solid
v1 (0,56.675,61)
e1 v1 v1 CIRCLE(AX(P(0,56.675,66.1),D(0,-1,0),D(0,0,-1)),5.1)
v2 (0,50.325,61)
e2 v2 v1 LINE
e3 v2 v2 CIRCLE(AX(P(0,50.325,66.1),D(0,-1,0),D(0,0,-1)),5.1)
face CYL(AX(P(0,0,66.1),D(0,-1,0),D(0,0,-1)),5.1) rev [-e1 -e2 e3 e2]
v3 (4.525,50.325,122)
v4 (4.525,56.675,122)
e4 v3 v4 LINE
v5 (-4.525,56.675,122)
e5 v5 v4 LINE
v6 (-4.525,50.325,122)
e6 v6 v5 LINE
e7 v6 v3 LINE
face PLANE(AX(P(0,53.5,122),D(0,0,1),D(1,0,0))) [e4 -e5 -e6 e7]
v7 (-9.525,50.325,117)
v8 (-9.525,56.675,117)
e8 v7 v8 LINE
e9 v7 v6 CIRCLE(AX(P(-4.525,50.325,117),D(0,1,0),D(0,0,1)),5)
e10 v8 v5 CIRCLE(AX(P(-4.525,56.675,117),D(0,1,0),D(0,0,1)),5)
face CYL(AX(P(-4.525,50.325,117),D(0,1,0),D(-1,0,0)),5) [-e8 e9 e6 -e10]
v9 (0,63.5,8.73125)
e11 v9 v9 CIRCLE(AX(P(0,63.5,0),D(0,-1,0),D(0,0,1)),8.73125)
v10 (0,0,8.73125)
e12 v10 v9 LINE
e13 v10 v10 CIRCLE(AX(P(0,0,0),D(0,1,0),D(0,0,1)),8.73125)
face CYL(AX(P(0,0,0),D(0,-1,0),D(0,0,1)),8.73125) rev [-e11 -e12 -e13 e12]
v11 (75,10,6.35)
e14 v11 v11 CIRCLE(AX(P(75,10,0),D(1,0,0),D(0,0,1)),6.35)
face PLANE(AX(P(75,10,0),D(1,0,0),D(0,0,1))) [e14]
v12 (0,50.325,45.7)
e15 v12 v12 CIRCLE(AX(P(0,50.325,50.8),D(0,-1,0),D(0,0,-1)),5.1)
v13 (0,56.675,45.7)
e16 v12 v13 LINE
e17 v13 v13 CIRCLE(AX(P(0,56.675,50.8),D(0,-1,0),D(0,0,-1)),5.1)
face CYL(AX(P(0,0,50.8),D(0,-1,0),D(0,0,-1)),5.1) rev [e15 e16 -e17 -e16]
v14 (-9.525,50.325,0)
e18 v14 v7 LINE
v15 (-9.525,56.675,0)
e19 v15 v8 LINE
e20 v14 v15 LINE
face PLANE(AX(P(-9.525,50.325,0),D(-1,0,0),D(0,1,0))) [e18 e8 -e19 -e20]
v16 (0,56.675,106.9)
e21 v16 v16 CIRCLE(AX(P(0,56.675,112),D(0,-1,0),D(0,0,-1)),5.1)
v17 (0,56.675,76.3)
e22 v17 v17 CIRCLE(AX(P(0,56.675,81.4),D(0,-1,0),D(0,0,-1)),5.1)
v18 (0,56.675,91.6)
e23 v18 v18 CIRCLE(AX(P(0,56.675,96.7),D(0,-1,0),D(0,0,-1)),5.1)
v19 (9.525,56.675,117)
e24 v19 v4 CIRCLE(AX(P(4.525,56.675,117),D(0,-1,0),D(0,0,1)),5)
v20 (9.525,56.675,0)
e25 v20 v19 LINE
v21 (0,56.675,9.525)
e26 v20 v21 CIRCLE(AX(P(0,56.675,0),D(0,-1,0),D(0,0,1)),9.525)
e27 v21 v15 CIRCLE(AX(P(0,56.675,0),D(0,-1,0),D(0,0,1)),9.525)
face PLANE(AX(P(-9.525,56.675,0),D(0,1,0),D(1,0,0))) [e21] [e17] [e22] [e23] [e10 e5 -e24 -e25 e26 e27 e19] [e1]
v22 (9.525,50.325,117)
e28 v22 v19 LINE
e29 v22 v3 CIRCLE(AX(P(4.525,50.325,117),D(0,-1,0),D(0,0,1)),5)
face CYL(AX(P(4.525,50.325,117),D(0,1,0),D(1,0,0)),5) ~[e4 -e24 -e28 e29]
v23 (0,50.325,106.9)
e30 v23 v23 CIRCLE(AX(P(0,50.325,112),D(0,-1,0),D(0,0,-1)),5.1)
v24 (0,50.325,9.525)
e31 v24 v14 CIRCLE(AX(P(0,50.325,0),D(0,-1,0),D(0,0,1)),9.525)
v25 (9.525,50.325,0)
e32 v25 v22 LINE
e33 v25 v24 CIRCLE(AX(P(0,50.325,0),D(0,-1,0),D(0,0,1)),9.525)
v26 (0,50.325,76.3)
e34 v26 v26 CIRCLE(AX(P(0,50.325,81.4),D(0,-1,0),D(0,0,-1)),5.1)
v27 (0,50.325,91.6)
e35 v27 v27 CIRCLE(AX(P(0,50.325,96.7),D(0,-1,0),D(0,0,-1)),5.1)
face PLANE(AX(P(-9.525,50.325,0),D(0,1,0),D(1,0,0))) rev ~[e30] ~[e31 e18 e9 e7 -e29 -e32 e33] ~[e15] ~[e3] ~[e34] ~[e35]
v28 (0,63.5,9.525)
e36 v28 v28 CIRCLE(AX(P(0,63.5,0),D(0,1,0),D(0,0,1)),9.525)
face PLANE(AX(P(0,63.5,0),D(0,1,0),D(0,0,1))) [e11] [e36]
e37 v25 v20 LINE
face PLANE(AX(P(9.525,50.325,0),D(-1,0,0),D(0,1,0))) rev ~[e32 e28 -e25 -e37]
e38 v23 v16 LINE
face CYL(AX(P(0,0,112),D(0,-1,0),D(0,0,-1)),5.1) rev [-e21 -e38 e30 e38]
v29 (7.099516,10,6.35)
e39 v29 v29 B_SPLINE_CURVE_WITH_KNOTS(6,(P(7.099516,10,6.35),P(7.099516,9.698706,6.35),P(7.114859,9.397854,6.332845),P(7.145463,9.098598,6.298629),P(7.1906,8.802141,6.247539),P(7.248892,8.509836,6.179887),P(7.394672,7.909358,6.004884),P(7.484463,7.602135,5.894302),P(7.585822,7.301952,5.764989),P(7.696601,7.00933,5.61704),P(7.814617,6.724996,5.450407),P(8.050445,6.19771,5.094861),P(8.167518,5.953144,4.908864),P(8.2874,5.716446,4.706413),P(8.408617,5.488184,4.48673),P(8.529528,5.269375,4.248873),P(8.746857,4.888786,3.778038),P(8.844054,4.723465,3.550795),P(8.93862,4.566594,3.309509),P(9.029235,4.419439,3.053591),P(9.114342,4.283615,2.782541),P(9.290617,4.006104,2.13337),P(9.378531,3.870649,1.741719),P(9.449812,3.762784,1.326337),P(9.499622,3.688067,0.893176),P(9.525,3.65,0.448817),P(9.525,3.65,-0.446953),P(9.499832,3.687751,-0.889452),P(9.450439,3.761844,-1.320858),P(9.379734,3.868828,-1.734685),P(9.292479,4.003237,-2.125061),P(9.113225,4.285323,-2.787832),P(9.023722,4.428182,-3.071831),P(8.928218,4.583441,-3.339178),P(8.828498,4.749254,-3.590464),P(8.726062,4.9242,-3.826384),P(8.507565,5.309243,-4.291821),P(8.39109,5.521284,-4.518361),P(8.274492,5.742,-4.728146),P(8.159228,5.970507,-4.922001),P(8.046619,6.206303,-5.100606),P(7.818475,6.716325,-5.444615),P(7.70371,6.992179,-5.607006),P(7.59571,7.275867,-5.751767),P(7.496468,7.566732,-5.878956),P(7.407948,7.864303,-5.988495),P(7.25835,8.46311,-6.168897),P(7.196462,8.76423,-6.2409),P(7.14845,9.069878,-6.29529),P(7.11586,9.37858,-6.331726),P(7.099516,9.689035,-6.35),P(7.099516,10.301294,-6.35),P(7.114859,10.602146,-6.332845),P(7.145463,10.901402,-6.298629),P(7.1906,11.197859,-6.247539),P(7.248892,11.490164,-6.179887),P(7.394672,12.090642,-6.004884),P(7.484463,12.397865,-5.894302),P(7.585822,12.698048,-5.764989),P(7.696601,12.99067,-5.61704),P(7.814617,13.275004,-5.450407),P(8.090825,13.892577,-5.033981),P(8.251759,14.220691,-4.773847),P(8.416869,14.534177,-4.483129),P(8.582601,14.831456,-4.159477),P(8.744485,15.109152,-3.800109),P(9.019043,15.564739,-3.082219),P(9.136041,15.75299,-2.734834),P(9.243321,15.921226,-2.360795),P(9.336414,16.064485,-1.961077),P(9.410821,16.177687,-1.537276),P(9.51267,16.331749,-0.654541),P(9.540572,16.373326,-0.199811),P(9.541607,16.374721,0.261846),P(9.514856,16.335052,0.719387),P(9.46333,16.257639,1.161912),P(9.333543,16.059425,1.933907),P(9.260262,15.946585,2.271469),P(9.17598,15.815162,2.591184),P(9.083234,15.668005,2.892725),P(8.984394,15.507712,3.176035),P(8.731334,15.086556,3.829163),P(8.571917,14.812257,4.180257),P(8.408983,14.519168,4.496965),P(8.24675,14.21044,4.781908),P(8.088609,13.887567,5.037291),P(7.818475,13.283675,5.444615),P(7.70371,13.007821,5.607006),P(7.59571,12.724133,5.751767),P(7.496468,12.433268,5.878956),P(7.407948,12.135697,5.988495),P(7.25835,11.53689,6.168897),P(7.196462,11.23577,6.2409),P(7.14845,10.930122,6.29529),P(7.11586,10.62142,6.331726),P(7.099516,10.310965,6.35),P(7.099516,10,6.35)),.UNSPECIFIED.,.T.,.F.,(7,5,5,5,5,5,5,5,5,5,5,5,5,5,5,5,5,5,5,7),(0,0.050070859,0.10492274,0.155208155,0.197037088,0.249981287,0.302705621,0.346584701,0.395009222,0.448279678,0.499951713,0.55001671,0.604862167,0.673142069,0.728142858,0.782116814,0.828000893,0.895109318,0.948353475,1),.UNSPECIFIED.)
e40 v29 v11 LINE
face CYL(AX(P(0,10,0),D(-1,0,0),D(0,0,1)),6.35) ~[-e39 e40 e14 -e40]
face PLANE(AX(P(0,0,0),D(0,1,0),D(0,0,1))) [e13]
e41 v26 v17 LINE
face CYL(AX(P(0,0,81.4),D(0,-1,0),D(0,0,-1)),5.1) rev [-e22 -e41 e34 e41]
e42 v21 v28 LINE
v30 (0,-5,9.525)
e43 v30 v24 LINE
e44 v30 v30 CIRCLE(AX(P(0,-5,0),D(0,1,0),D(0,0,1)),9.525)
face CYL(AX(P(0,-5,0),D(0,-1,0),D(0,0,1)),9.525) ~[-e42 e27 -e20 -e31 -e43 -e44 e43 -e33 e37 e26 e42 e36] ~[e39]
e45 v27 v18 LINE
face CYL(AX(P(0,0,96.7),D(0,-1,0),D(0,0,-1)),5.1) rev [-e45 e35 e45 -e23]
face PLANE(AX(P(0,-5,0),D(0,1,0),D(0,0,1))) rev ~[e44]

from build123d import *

# Parameters (mm, degrees)
SLEEVE_DEPTH       = 63.5
SLEEVE_DEPTH_BACK  = 5
SKETCH1_R          = 9.525
SKETCH2_W          = 19.05
SKETCH2_H          = 6.35
BRACKET_DEPTH      = 122
SKETCH4_R          = 5.1
BRACKET_HOLE_DEPTH = 138.86578845
SKETCH5_R          = 6.35
SHAFT_DEPTH        = 75
SKETCH6_R          = 8.73125
SLEEVE_HOLE_DEPTH  = 157.656471388
FILLET1_R          = 5


with BuildPart() as part:
    # Sketch1 → Sleeve (new, two sides: drawn at the far end of the back side and taken through both)
    with BuildSketch(Plane(origin=(0, 0, 0), x_dir=(1, 0, 0), z_dir=(0, 1, 0)).offset(-SLEEVE_DEPTH_BACK)):
        with Locations(Location((0, 0, 0), (0, 0, 270))):
            Circle(SKETCH1_R)
    extrude(amount=SLEEVE_DEPTH + SLEEVE_DEPTH_BACK)

    # Sketch2 → Bracket (add)
    with BuildSketch(Plane.XY):
        with Locations((0, 53.5)):
            Rectangle(SKETCH2_W, SKETCH2_H)
    extrude(amount=BRACKET_DEPTH)

    # Sketch4 → Bracket Hole (cut, through all)
    with BuildSketch(Plane(origin=(0, 0, 0), x_dir=(1, 0, 0), z_dir=(0, 1, 0))):
        with Locations(Location((0, -50.8, 0), (0, 0, 90))):
            Circle(SKETCH4_R)
        with Locations(Location((0, -66.1, 0), (0, 0, 90))):
            Circle(SKETCH4_R)
        with Locations(Location((0, -81.4, 0), (0, 0, 90))):
            Circle(SKETCH4_R)
        with Locations(Location((0, -96.7, 0), (0, 0, 90))):
            Circle(SKETCH4_R)
        with Locations(Location((0, -112, 0), (0, 0, 90))):
            Circle(SKETCH4_R)
    extrude(amount=BRACKET_HOLE_DEPTH, mode=Mode.SUBTRACT)

    # Sketch5 → Shaft (add)
    with BuildSketch(Plane(origin=(0, 0, 0), x_dir=(0, 0, -1), z_dir=(1, 0, 0))):
        with Locations(Location((0, 10, 0), (0, 0, 180))):
            Circle(SKETCH5_R)
    extrude(amount=SHAFT_DEPTH)

    # Sketch6 → Sleeve Hole (cut, through all)
    with BuildSketch(Plane(origin=(0, 0, 0), x_dir=(1, 0, 0), z_dir=(0, 1, 0))):
        with Locations(Location((0, 0, 0), (0, 0, 270))):
            Circle(SKETCH6_R)
    extrude(amount=SLEEVE_HOLE_DEPTH, mode=Mode.SUBTRACT)

    # Fillet1
    fillet1_edges = [part.edges().sort_by_distance(p)[0] for p in [
        (-9.525, 53.5, 122),
        (9.525, 53.5, 122),
    ]]
    fillet(fillet1_edges, radius=FILLET1_R)


solid = part.part
